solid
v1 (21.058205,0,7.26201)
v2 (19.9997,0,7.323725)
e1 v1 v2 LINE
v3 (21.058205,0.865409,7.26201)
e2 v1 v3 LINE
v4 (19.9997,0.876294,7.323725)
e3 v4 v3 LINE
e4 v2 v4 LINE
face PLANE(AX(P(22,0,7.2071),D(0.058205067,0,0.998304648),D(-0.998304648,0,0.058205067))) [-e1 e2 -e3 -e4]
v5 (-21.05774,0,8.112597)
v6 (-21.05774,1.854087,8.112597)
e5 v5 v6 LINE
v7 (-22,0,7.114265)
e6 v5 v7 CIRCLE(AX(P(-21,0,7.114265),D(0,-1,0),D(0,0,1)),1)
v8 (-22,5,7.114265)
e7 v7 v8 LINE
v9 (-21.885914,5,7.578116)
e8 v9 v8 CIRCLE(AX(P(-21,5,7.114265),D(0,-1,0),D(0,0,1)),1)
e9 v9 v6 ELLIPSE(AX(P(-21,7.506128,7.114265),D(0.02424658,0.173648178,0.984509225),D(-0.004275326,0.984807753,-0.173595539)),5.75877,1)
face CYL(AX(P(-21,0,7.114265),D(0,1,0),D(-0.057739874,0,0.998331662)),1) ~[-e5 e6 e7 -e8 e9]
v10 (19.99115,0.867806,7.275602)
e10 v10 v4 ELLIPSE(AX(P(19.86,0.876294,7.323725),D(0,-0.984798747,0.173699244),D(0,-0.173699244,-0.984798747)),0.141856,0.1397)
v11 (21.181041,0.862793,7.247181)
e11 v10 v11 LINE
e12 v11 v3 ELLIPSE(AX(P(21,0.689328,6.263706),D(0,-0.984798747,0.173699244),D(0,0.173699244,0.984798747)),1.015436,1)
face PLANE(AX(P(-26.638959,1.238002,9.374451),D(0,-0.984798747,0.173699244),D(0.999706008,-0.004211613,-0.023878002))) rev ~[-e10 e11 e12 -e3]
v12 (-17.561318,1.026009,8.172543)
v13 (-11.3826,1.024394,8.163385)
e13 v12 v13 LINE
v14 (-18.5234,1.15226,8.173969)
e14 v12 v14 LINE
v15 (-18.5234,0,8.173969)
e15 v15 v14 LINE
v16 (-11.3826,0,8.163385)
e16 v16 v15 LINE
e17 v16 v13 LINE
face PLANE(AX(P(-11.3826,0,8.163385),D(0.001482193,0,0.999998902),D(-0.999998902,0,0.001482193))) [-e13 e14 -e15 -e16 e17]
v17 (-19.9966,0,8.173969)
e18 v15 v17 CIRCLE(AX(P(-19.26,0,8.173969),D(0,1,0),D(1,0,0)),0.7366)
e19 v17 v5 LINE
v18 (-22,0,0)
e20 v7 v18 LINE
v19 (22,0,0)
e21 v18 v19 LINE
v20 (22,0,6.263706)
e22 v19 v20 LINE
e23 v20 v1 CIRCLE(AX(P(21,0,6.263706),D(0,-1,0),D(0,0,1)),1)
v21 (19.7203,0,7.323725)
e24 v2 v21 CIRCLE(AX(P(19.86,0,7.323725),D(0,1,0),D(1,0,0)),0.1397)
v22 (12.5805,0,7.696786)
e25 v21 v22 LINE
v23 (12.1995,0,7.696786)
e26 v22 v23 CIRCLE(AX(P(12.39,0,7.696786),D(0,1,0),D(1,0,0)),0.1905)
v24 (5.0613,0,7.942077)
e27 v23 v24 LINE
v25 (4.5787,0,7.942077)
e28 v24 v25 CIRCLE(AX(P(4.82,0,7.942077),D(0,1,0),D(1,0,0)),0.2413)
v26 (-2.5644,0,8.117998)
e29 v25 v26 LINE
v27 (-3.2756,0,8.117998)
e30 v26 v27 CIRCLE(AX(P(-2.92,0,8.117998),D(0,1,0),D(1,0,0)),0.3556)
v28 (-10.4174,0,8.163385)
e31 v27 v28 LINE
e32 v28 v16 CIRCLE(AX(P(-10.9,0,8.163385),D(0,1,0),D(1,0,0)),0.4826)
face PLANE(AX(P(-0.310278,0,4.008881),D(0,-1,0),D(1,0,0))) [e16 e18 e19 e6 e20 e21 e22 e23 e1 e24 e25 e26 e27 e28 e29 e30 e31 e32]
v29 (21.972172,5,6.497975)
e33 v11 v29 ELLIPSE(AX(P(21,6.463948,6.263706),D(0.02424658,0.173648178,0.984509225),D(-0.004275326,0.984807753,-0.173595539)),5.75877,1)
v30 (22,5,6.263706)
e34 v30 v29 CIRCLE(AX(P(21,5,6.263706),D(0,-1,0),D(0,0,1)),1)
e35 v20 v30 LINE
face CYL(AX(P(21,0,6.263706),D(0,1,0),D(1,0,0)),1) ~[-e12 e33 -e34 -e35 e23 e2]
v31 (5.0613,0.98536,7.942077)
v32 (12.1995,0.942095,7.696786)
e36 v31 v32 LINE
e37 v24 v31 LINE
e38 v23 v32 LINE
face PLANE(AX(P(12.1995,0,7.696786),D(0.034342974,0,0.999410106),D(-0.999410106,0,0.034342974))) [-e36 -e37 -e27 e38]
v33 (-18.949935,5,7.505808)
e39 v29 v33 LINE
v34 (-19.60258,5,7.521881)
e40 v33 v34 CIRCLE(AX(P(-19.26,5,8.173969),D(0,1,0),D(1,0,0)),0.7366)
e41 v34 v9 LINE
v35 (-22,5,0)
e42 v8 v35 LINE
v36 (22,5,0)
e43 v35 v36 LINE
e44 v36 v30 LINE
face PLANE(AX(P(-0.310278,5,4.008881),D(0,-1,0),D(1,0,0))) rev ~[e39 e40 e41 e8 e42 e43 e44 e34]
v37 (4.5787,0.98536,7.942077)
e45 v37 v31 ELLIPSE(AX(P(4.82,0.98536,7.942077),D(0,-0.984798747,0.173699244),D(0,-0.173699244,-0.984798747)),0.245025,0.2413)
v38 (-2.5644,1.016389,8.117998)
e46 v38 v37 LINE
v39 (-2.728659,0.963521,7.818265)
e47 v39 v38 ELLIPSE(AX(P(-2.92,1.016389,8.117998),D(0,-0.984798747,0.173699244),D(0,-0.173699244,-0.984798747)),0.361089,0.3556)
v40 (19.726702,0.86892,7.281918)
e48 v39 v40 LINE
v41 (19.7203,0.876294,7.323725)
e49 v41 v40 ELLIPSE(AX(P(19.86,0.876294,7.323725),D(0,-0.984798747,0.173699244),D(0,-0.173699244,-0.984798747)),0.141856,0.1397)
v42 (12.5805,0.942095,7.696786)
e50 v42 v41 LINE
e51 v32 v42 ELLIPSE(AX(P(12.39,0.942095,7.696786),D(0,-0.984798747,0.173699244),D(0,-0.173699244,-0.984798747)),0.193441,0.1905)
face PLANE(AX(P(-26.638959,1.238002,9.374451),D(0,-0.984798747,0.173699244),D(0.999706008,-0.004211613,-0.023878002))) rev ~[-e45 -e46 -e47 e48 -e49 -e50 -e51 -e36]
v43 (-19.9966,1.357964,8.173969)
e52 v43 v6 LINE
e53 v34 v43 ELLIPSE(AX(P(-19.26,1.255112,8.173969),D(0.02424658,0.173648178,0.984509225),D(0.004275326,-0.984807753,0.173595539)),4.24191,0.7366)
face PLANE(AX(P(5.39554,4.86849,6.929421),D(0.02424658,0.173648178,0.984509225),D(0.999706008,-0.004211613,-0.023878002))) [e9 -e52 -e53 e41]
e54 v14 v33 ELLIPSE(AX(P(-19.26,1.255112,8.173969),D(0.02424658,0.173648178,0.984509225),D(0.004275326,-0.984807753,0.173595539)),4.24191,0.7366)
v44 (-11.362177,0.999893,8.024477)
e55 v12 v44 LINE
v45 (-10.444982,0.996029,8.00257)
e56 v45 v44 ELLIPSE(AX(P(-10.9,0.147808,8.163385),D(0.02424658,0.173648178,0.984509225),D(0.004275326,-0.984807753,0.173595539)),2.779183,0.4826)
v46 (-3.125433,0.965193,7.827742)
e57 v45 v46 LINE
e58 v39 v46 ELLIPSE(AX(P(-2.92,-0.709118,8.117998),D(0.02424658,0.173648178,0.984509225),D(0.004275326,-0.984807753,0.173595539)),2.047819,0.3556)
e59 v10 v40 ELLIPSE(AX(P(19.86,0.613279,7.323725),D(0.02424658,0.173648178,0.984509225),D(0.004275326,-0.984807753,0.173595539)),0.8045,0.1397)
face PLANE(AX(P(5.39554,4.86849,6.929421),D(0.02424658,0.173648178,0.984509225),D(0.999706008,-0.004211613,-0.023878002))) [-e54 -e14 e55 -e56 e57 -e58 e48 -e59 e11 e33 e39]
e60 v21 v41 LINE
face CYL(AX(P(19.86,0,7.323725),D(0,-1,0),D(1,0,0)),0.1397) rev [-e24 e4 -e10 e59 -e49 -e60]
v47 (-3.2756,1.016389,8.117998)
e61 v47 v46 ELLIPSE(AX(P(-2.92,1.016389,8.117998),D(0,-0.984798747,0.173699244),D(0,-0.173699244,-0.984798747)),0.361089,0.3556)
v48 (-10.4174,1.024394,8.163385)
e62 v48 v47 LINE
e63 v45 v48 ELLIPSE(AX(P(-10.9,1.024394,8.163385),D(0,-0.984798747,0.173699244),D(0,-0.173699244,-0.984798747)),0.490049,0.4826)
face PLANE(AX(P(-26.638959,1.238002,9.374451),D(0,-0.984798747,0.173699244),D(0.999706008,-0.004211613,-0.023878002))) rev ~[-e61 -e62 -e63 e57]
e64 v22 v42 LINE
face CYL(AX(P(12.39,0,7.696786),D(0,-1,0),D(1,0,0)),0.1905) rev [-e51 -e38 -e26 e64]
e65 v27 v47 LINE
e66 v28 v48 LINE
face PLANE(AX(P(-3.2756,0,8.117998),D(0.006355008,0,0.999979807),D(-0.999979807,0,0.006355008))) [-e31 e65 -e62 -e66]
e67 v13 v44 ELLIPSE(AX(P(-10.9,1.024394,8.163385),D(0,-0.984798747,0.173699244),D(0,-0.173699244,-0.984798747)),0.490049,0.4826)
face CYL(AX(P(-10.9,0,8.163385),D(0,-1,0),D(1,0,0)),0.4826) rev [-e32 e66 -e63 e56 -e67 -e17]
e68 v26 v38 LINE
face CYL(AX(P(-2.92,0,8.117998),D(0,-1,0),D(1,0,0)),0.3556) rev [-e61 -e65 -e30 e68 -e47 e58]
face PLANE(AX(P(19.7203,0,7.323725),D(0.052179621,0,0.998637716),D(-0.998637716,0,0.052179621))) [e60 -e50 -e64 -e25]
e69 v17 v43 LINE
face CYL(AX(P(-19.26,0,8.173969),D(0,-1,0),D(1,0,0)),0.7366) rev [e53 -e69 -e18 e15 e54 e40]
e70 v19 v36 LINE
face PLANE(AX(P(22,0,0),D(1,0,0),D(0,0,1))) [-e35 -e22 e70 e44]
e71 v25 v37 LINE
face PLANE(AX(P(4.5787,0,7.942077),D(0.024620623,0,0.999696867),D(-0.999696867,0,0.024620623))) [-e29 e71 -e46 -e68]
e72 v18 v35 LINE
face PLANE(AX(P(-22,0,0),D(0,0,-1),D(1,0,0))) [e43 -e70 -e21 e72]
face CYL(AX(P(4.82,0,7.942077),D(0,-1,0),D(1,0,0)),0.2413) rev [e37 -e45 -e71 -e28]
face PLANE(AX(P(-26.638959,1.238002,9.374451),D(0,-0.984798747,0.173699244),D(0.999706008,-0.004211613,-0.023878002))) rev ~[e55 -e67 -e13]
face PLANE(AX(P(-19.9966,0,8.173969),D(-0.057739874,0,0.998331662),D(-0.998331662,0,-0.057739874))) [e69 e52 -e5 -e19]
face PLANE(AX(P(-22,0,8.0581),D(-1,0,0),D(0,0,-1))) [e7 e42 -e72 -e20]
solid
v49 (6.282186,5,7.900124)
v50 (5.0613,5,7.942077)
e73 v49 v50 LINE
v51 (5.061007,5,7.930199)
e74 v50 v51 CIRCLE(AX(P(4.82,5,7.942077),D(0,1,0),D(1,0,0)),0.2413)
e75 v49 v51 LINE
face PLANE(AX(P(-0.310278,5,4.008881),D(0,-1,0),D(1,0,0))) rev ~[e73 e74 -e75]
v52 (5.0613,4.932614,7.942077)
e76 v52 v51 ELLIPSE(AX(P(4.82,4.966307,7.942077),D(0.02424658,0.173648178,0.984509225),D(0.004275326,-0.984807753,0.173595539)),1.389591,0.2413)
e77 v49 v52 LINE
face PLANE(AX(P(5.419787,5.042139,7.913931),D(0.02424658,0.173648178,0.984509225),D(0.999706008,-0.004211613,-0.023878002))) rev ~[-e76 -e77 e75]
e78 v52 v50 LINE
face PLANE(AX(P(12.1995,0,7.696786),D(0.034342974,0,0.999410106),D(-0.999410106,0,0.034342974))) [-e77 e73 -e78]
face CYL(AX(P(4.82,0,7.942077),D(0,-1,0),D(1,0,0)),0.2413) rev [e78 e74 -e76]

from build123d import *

# Parameters (mm, degrees)
F1_DEPTH = 5
F2_R     = 1
F4_W     = 64.1363480276
F4_H     = 8
F5_DEPTH = 1


with BuildPart() as f1:
    # F0 (on Front) → F1 (new body)
    with BuildSketch(Plane.XZ):
        with BuildLine():
            Line((-22, 0), (0, 0))
            Line((0, 0), (22, 0))
            Line((22, 0), (22, 7.2071))
            Line((22, 7.2071), (19.9997, 7.3237253161))
            ThreePointArc((19.9997, 7.3237253161), (19.86, 7.1840253161), (19.7203, 7.3237253161))
            Line((19.7203, 7.3237253161), (12.5805, 7.6967855868))
            ThreePointArc((12.5805, 7.6967855868), (12.39, 7.5062855868), (12.1995, 7.6967855868))
            Line((12.1995, 7.6967855868), (5.0613, 7.9420773015))
            ThreePointArc((5.0613, 7.9420773015), (4.82, 7.7007773015), (4.5787, 7.9420773015))
            Line((4.5787, 7.9420773015), (-2.5644, 8.117998201))
            ThreePointArc((-2.5644, 8.117998201), (-2.92, 7.762398201), (-3.2756, 8.117998201))
            Line((-3.2756, 8.117998201), (-10.4174, 8.1633853138))
            ThreePointArc((-10.4174, 8.1633853138), (-10.9, 7.6807853138), (-11.3826, 8.1633853138))
            Line((-11.3826, 8.1633853138), (-18.5234, 8.173969372))
            ThreePointArc((-18.5234, 8.173969372), (-19.26, 7.437369372), (-19.9966, 8.173969372))
            Line((-19.9966, 8.173969372), (-22, 8.0581))
            Line((-22, 8.0581), (-22, 0))
        make_face()
    extrude(amount=-F1_DEPTH)

    # F2
    f2_edges = [f1.edges().sort_by_distance(p)[0] for p in [
        (22, 2.5, 7.2071),
        (-22, 2.5, 8.0581),
    ]]
    fillet(f2_edges, radius=F2_R)

    # F4 (on face) → F5 (cut)
    with BuildSketch(Plane(origin=(0.2133288598, 1.5278099899, 8.6620144765), x_dir=(0.9997060085, -0.0042116127, -0.023878002), z_dir=(0.0242465804, 0.1736481777, 0.9845092248))):
        with Locations((5.2079893117, 3.5908480534)):
            Rectangle(F4_W, F4_H)
    extrude(amount=-F5_DEPTH, mode=Mode.SUBTRACT)


solid = f1.part
